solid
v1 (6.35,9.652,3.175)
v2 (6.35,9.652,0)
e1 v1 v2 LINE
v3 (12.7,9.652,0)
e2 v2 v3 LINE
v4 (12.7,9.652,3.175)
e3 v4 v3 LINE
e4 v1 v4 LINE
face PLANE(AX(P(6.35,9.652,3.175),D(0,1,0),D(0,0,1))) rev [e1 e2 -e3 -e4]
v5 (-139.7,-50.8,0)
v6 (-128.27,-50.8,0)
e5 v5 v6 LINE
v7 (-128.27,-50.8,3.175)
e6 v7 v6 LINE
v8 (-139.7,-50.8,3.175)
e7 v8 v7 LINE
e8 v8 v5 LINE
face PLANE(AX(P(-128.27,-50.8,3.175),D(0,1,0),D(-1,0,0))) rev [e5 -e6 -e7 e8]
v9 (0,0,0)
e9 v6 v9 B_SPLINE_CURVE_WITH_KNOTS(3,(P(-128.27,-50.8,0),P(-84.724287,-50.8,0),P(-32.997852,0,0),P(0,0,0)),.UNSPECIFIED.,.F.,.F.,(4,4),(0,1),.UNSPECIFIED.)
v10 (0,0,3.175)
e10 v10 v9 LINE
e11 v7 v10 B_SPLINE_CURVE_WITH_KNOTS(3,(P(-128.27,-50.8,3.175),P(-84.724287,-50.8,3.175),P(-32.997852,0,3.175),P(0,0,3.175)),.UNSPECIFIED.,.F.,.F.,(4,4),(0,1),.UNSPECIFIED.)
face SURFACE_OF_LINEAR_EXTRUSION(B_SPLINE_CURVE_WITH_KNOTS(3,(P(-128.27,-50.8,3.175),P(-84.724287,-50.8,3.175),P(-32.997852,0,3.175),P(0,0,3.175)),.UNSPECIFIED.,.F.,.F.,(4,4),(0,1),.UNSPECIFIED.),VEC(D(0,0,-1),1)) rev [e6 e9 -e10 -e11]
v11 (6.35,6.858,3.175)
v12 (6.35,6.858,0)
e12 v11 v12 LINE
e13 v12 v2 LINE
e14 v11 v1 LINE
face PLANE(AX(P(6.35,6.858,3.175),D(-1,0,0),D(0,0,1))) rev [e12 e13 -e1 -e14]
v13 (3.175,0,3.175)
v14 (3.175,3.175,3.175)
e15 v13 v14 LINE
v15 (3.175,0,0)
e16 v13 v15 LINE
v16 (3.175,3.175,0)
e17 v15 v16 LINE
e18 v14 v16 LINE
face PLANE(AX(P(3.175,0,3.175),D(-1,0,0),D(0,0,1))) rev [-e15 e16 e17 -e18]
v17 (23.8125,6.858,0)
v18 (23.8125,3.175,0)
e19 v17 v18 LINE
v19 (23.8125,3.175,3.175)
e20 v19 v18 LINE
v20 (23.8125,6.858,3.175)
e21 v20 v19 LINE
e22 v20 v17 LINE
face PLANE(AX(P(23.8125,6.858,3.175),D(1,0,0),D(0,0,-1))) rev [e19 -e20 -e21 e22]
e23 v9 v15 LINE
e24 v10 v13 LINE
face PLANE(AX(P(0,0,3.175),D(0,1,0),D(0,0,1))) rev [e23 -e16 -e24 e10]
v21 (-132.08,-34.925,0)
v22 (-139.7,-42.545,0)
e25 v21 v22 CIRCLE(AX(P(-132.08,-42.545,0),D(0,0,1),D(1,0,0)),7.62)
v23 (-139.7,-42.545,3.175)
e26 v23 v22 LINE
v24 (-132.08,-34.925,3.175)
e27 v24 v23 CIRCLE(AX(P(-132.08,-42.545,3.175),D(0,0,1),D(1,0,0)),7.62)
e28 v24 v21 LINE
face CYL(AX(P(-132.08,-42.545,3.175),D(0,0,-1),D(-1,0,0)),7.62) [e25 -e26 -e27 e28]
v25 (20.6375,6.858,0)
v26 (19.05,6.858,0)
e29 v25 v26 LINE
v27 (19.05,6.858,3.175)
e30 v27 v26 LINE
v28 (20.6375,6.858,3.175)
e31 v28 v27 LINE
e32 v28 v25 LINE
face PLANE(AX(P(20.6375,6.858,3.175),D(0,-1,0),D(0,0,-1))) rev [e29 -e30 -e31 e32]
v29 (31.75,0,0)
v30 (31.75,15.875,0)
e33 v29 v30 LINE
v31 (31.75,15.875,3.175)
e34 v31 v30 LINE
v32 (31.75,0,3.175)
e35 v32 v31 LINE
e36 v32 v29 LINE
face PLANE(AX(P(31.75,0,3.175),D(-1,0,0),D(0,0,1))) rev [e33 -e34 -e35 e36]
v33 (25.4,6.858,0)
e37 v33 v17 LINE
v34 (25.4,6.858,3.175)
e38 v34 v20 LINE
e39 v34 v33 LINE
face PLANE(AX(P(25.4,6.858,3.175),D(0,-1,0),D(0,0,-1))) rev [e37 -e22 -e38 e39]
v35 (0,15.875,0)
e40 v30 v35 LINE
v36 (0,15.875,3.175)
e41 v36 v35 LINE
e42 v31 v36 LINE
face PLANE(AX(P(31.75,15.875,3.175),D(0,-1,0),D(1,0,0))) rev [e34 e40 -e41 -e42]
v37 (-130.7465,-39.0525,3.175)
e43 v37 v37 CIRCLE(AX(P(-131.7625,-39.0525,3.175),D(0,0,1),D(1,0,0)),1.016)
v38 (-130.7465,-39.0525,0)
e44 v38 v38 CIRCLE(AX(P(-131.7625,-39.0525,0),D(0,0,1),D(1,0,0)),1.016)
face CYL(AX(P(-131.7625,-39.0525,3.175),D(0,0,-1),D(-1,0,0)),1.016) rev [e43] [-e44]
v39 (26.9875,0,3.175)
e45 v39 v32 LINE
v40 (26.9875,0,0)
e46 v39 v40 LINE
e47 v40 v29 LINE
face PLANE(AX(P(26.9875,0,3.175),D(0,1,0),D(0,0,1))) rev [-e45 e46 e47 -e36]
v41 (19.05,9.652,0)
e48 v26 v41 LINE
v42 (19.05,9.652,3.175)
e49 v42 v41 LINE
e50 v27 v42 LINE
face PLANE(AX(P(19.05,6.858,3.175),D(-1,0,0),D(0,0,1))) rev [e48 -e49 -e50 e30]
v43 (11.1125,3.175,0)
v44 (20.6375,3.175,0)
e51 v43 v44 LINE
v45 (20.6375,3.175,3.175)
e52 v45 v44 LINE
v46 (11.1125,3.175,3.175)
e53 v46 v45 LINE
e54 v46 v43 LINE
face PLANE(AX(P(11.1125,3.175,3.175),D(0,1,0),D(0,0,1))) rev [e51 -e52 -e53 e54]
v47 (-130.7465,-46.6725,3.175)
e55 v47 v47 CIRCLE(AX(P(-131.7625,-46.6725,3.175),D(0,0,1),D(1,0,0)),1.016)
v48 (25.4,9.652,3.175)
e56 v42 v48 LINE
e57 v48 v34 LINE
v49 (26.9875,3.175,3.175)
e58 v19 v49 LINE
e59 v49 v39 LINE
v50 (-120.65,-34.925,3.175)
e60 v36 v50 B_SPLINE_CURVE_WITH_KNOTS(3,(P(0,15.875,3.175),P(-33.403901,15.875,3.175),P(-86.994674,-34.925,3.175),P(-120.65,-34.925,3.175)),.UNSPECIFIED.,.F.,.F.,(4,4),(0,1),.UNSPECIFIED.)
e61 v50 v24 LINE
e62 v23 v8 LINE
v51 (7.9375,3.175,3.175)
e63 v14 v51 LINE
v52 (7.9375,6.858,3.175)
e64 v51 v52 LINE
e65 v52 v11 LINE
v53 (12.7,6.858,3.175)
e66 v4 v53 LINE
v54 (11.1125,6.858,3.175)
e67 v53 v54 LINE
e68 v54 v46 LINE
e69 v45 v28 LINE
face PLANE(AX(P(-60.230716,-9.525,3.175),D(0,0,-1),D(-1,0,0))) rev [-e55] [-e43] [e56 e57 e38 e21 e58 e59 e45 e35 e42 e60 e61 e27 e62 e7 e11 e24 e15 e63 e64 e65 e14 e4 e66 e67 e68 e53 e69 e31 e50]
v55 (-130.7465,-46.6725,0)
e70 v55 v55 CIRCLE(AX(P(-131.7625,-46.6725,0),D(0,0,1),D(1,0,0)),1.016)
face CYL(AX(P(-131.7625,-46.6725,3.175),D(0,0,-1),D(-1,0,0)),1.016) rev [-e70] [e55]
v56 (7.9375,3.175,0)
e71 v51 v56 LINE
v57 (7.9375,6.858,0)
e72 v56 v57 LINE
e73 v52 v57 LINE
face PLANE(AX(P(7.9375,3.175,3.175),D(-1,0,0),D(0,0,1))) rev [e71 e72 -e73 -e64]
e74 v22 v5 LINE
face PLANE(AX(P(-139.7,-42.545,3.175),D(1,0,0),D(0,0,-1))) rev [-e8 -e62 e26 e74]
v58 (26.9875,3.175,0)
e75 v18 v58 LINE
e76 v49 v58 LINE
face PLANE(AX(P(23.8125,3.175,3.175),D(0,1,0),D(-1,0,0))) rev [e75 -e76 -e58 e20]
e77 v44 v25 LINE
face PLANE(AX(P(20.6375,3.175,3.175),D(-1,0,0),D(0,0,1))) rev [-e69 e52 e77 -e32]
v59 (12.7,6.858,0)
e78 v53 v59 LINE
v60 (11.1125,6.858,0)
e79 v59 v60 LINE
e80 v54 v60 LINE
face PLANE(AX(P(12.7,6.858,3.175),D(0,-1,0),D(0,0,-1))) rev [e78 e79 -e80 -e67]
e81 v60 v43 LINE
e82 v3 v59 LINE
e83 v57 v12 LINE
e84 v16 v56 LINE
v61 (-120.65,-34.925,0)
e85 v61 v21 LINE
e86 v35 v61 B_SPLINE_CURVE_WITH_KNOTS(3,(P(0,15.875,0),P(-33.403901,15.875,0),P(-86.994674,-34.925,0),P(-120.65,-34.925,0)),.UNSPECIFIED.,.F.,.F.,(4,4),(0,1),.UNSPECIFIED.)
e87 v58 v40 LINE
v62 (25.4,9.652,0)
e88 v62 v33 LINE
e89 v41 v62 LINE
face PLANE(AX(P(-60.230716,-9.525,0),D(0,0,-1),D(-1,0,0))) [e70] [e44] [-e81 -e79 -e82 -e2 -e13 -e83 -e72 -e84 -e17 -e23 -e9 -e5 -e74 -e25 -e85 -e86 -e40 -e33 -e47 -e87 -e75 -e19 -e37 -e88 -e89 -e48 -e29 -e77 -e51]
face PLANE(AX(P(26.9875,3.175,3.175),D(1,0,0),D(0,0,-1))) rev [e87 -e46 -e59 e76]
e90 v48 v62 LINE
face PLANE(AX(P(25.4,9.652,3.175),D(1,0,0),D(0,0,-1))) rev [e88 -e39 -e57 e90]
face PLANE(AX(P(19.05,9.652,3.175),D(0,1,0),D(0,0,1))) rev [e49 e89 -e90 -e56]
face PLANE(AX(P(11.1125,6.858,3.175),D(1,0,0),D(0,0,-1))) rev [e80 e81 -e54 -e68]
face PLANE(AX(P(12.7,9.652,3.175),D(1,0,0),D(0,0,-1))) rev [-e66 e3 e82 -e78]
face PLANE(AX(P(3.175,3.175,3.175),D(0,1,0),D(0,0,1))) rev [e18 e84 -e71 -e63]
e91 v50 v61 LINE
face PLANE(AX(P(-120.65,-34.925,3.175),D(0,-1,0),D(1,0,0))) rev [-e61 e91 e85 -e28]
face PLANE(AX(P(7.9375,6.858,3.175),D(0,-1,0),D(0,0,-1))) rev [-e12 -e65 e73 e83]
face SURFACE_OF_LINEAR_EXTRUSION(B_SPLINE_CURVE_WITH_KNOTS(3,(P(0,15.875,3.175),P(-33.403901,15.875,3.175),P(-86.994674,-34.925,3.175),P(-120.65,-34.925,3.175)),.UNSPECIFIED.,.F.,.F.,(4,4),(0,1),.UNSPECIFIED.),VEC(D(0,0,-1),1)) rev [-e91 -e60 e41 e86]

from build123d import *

# Parameters (mm, degrees)
SKETCH1_R           = 1.016
BOSS_EXTRUDE1_DEPTH = 3.175


with BuildPart() as part:
    # Sketch1 → Boss-Extrude1 (new body)
    with BuildSketch(Plane.XY):
        with BuildLine():
            Line((0, 0), (3.175, 0))
            Line((3.175, 0), (3.175, 3.175))
            Line((3.175, 3.175), (7.9375, 3.175))
            Line((7.9375, 3.175), (7.9375, 6.858))
            Line((7.9375, 6.858), (6.35, 6.858))
            Line((6.35, 6.858), (6.35, 9.652))
            Line((6.35, 9.652), (12.7, 9.652))
            Line((12.7, 9.652), (12.7, 6.858))
            Line((12.7, 6.858), (11.1125, 6.858))
            Line((11.1125, 6.858), (11.1125, 3.175))
            Line((11.1125, 3.175), (20.6375, 3.175))
            Line((20.6375, 3.175), (20.6375, 6.858))
            Line((20.6375, 6.858), (19.05, 6.858))
            Line((19.05, 6.858), (19.05, 9.652))
            Line((19.05, 9.652), (25.4, 9.652))
            Line((25.4, 9.652), (25.4, 6.858))
            Line((25.4, 6.858), (23.8125, 6.858))
            Line((23.8125, 6.858), (23.8125, 3.175))
            Line((23.8125, 3.175), (26.9875, 3.175))
            Line((26.9875, 3.175), (26.9875, 0))
            Line((26.9875, 0), (31.75, 0))
            Line((31.75, 0), (31.75, 15.875))
            Line((31.75, 15.875), (0, 15.875))
            add(Edge.make_bspline(
                [(-120.65, -34.925), (-86.994673616, -34.925), (-33.403901093, 15.875), (0, 15.875)],
                knots=[0, 0, 0, 0, 1, 1, 1, 1], degree=3))
            Line((-120.65, -34.925), (-132.08, -34.925))
            ThreePointArc((-132.08, -34.925), (-137.468153673, -37.156846327), (-139.7, -42.545))
            Line((-139.7, -42.545), (-139.7, -50.8))
            Line((-139.7, -50.8), (-128.27, -50.8))
            add(Edge.make_bspline(
                [(-128.27, -50.8), (-84.724287152, -50.8), (-32.997851809, 0), (0, 0)],
                knots=[0, 0, 0, 0, 1, 1, 1, 1], degree=3))
        make_face()
        with Locations((-131.7625, -39.0525)):
            Circle(SKETCH1_R, mode=Mode.SUBTRACT)
        with Locations((-131.7625, -46.6725)):
            Circle(SKETCH1_R, mode=Mode.SUBTRACT)
    extrude(amount=BOSS_EXTRUDE1_DEPTH)


solid = part.part
